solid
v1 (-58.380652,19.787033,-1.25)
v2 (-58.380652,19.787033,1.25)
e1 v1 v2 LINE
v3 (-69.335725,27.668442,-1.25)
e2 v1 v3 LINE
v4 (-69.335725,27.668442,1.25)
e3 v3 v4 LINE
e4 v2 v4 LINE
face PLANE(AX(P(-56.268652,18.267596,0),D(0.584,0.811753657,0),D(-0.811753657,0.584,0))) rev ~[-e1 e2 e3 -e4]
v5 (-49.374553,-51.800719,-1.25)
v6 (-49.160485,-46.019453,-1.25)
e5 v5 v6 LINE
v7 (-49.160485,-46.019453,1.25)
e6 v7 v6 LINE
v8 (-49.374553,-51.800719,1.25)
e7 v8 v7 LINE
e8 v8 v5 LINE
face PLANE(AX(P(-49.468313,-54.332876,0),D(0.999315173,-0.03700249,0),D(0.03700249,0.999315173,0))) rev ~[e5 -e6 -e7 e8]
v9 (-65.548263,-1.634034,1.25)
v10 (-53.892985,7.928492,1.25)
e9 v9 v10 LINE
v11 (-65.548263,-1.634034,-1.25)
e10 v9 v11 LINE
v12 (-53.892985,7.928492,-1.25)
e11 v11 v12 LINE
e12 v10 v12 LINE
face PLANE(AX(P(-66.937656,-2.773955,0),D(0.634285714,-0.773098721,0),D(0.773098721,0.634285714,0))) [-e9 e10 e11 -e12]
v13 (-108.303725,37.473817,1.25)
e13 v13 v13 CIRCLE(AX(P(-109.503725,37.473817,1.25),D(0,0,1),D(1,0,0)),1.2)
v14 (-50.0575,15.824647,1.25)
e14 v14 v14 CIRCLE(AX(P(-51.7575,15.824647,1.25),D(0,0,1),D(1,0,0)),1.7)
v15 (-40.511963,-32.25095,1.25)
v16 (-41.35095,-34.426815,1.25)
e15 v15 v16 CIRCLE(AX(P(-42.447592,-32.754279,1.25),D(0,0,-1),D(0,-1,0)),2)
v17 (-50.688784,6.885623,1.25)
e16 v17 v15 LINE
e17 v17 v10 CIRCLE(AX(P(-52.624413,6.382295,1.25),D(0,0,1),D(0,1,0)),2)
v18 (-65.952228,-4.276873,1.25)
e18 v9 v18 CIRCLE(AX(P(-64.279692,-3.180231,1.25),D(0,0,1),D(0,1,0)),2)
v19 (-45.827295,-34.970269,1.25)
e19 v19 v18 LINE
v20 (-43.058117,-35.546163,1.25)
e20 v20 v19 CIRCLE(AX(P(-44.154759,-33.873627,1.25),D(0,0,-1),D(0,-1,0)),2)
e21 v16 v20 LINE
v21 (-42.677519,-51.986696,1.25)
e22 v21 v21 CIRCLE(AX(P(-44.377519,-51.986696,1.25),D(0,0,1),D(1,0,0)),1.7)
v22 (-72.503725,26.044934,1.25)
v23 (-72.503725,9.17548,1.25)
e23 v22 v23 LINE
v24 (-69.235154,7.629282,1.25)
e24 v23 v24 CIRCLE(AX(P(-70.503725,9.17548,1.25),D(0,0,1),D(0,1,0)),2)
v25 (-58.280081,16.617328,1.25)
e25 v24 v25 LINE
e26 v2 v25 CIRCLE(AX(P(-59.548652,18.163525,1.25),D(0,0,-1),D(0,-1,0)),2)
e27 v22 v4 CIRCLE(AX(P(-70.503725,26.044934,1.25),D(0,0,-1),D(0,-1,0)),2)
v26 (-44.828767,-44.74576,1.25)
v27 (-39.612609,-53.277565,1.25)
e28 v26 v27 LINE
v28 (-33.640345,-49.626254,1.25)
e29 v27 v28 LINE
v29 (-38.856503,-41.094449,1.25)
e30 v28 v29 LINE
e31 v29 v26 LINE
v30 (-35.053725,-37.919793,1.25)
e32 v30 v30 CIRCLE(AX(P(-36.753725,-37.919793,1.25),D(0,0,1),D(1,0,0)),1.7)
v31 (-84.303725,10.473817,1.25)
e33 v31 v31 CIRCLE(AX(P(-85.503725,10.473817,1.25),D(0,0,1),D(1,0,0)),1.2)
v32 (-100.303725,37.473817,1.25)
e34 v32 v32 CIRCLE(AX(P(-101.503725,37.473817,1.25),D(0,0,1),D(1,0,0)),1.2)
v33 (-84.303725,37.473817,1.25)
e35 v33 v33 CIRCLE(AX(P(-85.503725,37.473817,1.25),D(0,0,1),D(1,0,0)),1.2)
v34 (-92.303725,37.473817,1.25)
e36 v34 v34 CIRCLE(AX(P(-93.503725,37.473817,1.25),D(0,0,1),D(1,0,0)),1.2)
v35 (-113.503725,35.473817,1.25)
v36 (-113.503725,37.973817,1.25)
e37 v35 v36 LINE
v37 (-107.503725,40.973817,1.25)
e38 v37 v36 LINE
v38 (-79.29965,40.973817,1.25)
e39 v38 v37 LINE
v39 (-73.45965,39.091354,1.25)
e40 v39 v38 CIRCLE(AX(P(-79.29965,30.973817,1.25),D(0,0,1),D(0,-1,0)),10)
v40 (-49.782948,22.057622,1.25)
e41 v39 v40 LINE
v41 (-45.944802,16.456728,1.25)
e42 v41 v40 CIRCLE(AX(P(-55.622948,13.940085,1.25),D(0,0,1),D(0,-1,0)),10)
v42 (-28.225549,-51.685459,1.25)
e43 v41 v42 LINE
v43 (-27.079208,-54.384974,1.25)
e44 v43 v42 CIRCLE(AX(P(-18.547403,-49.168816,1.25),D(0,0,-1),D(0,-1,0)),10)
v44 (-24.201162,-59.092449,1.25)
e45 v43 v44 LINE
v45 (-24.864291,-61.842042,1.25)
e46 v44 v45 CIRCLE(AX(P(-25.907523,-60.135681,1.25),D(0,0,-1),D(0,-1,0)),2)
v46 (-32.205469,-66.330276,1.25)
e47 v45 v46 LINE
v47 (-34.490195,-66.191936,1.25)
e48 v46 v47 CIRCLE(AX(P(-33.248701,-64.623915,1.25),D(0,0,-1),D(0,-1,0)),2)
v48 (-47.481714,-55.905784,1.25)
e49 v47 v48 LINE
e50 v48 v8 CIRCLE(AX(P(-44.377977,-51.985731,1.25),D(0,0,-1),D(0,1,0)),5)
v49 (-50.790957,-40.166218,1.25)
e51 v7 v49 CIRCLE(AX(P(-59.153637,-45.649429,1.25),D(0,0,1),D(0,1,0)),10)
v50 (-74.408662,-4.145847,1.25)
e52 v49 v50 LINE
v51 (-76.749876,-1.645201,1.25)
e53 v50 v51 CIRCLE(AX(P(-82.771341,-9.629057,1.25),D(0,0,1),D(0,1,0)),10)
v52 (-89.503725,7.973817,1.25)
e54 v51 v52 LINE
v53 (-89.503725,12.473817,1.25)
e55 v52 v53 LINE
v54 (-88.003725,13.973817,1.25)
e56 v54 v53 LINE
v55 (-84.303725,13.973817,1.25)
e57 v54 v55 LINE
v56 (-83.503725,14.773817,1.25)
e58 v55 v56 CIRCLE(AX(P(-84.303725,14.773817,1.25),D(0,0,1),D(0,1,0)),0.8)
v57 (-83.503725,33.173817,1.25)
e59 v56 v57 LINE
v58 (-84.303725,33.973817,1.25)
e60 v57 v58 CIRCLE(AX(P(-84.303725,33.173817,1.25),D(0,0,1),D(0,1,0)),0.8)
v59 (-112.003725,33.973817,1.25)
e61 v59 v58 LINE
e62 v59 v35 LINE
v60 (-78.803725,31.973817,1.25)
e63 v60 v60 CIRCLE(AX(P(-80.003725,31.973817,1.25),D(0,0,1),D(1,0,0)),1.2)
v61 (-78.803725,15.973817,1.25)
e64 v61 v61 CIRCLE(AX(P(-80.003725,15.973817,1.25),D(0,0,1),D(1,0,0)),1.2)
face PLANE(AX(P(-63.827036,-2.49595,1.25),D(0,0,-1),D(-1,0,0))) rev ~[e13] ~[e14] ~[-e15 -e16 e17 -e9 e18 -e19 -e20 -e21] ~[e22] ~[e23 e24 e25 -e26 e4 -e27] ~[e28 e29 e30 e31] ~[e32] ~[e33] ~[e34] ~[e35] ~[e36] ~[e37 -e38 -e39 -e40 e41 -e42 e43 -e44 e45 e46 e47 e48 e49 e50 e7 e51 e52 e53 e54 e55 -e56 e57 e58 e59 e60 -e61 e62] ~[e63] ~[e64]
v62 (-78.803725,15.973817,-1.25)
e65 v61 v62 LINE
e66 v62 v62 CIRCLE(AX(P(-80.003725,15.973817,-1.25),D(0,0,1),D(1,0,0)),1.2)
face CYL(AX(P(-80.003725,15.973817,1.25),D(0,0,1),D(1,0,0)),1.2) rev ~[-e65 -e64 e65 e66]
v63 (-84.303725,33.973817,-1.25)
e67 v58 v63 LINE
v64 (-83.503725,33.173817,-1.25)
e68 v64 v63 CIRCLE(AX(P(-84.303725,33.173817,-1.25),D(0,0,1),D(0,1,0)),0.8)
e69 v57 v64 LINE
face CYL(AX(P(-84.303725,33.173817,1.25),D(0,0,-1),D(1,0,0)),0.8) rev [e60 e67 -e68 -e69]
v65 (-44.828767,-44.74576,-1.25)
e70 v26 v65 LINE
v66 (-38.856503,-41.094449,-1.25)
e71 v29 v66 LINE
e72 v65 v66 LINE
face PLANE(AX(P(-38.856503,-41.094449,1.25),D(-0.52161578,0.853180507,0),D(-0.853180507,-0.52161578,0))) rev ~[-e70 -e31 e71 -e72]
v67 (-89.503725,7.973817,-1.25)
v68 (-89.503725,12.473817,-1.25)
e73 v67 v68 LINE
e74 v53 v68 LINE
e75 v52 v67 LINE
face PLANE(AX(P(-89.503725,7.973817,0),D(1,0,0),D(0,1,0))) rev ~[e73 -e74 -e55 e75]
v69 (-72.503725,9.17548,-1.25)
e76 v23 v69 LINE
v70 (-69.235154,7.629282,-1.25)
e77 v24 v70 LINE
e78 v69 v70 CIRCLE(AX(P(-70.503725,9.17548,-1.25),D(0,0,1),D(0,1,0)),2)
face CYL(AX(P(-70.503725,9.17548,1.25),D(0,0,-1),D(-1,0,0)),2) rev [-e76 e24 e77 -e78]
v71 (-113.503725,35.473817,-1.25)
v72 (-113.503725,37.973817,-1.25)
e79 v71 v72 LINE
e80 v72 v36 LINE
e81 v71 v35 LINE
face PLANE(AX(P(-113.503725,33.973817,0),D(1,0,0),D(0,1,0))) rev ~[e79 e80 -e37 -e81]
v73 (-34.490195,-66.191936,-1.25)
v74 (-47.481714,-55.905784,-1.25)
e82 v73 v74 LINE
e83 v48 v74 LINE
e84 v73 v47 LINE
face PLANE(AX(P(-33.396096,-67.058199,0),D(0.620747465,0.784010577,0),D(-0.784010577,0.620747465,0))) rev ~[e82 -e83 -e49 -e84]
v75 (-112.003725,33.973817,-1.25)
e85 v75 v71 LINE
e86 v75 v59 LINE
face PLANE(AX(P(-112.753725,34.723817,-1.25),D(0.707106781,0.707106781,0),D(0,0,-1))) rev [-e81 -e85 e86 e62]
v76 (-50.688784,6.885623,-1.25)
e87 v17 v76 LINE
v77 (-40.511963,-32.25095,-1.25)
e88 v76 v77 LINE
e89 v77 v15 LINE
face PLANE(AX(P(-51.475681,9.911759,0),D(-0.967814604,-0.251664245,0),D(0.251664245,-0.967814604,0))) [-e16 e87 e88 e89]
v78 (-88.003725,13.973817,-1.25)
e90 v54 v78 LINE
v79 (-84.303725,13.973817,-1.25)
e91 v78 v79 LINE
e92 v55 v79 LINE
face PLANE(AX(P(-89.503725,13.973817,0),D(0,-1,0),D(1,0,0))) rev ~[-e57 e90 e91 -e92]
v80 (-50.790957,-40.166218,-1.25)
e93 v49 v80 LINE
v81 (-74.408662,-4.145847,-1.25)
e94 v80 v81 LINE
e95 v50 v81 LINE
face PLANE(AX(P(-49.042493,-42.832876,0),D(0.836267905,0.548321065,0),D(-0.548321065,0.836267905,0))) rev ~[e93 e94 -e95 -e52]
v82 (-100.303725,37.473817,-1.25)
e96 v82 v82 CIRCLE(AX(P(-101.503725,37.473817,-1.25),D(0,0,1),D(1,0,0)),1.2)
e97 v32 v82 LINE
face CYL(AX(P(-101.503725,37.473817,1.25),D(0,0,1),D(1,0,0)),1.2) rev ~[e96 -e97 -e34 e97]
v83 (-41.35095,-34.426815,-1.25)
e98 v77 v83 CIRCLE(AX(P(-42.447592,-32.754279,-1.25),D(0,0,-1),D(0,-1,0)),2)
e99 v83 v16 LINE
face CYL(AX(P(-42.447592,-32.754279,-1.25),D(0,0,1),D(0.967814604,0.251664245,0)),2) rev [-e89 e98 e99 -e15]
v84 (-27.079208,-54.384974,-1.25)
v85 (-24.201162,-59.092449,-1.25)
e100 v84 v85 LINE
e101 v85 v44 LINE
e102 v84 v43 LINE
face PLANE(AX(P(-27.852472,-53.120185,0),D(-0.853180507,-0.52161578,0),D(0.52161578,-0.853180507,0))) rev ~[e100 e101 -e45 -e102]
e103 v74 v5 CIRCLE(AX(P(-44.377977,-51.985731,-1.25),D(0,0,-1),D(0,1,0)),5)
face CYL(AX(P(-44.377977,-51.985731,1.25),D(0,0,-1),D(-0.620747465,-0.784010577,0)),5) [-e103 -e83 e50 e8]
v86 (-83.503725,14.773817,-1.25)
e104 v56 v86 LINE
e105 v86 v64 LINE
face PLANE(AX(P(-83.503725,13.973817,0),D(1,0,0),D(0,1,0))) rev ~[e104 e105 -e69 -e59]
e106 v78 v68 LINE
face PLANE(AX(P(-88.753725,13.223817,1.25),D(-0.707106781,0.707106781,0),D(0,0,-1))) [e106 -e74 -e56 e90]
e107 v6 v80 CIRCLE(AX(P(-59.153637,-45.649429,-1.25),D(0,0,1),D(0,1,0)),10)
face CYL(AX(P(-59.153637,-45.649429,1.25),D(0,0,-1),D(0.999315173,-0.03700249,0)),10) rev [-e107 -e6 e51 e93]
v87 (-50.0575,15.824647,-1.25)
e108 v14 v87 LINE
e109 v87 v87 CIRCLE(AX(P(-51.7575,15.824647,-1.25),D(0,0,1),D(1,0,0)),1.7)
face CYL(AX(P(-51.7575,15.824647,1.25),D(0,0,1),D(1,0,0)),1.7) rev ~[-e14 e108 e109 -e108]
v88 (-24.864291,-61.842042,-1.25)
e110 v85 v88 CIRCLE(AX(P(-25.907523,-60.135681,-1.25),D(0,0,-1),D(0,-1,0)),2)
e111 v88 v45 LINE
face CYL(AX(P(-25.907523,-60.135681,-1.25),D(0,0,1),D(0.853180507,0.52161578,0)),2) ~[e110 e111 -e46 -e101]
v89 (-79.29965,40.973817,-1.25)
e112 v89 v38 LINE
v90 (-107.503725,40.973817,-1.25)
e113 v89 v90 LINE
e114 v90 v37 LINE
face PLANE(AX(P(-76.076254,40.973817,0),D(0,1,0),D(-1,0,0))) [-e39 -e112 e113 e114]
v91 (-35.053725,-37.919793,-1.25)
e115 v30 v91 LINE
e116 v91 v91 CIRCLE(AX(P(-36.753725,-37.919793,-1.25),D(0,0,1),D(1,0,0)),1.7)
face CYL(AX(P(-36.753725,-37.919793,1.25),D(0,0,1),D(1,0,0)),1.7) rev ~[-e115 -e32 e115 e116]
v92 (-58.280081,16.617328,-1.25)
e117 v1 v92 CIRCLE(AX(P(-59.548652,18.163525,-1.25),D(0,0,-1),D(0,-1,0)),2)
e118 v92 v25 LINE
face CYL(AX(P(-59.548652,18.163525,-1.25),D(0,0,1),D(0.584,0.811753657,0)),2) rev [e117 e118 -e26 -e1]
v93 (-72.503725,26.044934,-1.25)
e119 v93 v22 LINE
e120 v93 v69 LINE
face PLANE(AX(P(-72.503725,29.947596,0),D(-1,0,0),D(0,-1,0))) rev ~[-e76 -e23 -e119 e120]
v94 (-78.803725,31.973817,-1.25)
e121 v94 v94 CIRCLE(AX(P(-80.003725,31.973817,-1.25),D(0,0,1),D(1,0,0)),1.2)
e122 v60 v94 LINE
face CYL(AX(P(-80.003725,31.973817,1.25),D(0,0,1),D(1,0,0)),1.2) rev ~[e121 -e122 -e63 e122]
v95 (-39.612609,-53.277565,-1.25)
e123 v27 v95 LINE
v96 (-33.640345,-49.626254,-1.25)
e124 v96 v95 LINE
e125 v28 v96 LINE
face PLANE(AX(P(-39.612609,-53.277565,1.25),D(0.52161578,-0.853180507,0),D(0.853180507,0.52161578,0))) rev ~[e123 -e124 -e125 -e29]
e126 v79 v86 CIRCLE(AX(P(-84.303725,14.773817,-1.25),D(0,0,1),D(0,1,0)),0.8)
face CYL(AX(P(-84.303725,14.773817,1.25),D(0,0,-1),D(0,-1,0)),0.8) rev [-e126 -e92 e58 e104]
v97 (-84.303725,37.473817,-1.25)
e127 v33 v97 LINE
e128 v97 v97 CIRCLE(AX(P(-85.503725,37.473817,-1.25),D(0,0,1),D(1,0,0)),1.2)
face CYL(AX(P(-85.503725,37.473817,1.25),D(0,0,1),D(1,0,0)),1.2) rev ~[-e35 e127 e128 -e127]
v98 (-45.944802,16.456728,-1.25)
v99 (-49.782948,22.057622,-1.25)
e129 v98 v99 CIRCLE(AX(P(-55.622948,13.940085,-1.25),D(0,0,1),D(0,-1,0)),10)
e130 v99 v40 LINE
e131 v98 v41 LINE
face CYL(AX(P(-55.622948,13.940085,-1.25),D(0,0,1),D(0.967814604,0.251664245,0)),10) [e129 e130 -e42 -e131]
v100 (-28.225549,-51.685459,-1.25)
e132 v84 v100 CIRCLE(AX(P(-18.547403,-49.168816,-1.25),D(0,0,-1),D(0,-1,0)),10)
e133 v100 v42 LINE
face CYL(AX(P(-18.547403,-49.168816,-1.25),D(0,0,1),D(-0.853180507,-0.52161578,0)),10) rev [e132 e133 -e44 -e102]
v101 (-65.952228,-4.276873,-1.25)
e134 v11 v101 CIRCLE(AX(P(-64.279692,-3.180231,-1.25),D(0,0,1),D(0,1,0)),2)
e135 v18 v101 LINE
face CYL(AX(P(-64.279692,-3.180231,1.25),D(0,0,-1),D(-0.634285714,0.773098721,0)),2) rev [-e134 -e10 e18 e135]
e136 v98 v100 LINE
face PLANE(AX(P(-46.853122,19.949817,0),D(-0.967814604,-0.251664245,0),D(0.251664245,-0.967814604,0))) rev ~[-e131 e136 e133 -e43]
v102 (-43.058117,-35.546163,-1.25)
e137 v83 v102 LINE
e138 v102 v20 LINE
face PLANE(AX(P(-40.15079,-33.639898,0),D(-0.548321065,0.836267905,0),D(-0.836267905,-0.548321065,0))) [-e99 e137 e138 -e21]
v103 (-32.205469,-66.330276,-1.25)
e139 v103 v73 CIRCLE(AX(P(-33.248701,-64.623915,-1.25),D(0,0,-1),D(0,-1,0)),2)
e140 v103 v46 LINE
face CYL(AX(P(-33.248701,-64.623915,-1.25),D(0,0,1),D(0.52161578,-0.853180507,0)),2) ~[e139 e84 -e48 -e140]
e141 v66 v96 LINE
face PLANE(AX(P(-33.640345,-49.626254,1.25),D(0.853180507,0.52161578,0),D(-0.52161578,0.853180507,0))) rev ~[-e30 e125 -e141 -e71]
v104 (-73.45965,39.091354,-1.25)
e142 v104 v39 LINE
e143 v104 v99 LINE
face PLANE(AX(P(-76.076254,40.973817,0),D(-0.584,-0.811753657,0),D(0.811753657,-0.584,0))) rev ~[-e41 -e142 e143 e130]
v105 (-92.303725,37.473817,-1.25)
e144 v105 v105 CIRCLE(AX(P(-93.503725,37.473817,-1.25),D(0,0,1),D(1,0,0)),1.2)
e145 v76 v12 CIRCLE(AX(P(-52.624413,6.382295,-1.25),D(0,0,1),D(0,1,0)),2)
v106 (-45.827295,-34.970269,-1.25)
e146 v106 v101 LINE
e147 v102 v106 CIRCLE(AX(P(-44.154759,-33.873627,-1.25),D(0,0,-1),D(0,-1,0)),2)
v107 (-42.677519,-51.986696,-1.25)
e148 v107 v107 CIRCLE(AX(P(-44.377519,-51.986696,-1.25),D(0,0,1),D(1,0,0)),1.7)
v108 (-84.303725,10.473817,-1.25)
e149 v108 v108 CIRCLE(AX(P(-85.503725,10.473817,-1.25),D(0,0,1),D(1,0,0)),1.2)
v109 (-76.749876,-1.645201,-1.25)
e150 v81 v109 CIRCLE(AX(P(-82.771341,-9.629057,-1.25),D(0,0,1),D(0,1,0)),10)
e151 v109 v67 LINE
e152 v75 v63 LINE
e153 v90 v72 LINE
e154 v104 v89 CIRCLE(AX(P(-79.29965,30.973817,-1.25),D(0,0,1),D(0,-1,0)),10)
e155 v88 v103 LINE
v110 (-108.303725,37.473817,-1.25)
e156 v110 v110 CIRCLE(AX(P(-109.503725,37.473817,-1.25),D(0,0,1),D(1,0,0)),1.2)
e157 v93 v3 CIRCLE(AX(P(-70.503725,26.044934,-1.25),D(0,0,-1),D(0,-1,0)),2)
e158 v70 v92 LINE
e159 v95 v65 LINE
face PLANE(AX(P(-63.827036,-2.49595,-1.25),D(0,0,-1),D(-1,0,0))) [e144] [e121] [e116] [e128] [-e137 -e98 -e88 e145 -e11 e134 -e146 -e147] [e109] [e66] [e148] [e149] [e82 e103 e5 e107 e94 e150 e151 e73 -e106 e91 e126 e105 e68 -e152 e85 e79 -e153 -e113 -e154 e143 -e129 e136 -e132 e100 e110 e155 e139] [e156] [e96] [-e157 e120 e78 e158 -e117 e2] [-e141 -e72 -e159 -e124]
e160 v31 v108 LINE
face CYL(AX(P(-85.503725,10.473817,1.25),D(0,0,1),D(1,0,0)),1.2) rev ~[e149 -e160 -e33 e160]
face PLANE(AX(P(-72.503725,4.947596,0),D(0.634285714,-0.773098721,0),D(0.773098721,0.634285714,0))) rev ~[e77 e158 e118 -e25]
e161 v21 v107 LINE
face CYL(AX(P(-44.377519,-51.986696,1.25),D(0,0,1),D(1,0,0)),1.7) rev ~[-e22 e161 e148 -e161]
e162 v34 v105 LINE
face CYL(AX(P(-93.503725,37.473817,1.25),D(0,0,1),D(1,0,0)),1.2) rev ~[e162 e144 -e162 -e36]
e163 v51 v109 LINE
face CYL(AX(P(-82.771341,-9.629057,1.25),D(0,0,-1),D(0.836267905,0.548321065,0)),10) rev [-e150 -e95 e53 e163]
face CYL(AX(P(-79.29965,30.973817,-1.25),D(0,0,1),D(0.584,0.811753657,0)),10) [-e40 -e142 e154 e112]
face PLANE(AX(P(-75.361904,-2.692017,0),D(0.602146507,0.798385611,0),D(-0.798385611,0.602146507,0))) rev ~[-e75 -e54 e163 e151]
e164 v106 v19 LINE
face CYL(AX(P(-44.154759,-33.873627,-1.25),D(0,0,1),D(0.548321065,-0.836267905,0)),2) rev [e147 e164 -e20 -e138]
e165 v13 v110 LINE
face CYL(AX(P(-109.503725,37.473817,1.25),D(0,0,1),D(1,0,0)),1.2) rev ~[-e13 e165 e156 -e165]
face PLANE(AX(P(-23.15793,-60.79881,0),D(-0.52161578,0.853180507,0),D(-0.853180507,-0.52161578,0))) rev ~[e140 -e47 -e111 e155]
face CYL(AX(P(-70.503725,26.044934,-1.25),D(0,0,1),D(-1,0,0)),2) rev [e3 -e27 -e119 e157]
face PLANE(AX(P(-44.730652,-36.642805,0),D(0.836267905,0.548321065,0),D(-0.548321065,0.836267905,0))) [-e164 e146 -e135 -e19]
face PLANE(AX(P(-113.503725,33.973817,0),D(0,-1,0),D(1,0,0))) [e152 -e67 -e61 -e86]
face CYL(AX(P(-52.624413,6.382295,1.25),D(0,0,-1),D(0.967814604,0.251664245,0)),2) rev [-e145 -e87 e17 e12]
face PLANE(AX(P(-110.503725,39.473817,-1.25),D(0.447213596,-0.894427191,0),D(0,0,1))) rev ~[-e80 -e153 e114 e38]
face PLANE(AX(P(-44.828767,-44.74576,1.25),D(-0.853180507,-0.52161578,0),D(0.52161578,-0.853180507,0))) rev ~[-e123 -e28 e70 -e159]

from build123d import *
from OCP.BRepFilletAPI import BRepFilletAPI_MakeFillet

# Parameters (mm, degrees)
SALIENTE_EXTRUIR1_DEPTH = 1.25
CHAFL_N1_SIZE           = 1.5
CHAFL_N2_SIZE           = 6
CHAFL_N2_SIZE2          = 3
REDONDEO1_R             = 2
REDONDEO2_R1            = 10
REDONDEO2_R2            = 5
REDONDEO3_R             = 0.8
CROQUIS6_R              = 1.2
CROQUIS6_R_2            = 1.7
CORTAR_EXTRUIR1_DEPTH   = 132.636209799


with BuildPart() as part:
    # Croquis5 → Saliente-Extruir1 (new, symmetric)
    with BuildSketch(Plane.XY):
        Polygon((-33.3960961, -67.058199354), (-49.468312924, -54.332876319), (-49.042492677, -42.832876319), (-75.361903804, -2.692016862), (-89.503725327, 7.973817187), (-89.503725327, 13.973817187), (-83.503725327, 13.973817187), (-83.503725327, 33.973817187), (-108.003725327, 33.973817187), (-113.503725327, 33.973817187), (-113.503725327, 40.973817187), (-83.503725327, 40.973817187), (-76.07625416, 40.973817187), (-46.8531225, 19.949817187), (-27.852472036, -53.120185426), (-23.157930014, -60.798809991), align=None)
        Polygon((-51.475681089, 9.911759166), (-40.150790084, -33.639898021), (-44.730652374, -36.642805286), (-66.937655512, -2.77395512), align=None, mode=Mode.SUBTRACT)
        Polygon((-72.503725327, 4.947596176), (-56.268652183, 18.267596176), (-72.503725327, 29.947596176), align=None, mode=Mode.SUBTRACT)
    extrude(amount=SALIENTE_EXTRUIR1_DEPTH, both=True)

    # Chaflán1
    chafl_n1_edges = [part.edges().sort_by_distance(p)[0] for p in [
        (-89.503725327, 13.973817187, 0),
        (-113.503725327, 33.973817187, 0),
    ]]
    chamfer(chafl_n1_edges, length=CHAFL_N1_SIZE)

    # Chaflán2
    chafl_n2_edges = [part.edges().sort_by_distance(p)[0] for p in [
        (-113.503725327, 40.973817187, 0),
    ]]
    chafl_n2_side = [part.faces().sort_by_distance(p)[0] for p in [
        (-94.789989743, 40.973817187, 0),
    ]]
    chamfer(chafl_n2_edges, length=CHAFL_N2_SIZE, length2=CHAFL_N2_SIZE2, reference=chafl_n2_side[0])

    # Redondeo1
    redondeo1_edges = [part.edges().sort_by_distance(p)[0] for p in [
        (-23.157930014, -60.798809991, 0),
        (-33.3960961, -67.058199354, 0),
        (-44.730652374, -36.642805286, 0),
        (-40.150790084, -33.639898021, 0),
        (-66.937655512, -2.77395512, 0),
        (-51.475681089, 9.911759166, 0),
        (-72.503725327, 4.947596176, 0),
        (-56.268652183, 18.267596176, 0),
        (-72.503725327, 29.947596176, 0),
    ]]
    fillet(redondeo1_edges, radius=REDONDEO1_R)

    # Redondeo2: one fillet with a radius per group of edges: ONE call of the kernel's fillet builder (fillet() takes one radius for all edges)
    redondeo2_edges_1 = [part.edges().sort_by_distance(p)[0] for p in [
        (-76.07625416, 40.973817187, 0),
        (-46.8531225, 19.949817187, 0),
        (-75.361903804, -2.692016862, 0),
        (-27.852472036, -53.120185426, 0),
        (-49.042492677, -42.832876319, 0),
    ]]
    redondeo2_edges_2 = [part.edges().sort_by_distance(p)[0] for p in [
        (-49.468312924, -54.332876319, 0),
    ]]
    redondeo2 = BRepFilletAPI_MakeFillet(part.part.solid().wrapped)
    for e in redondeo2_edges_1:
        redondeo2.Add(REDONDEO2_R1, e.wrapped)
    for e in redondeo2_edges_2:
        redondeo2.Add(REDONDEO2_R2, e.wrapped)
    add(Compound.cast(redondeo2.Shape()), mode=Mode.REPLACE)

    # Redondeo3
    redondeo3_edges = [part.edges().sort_by_distance(p)[0] for p in [
        (-83.503725327, 13.973817187, 0),
        (-83.503725327, 33.973817187, 0),
    ]]
    fillet(redondeo3_edges, radius=REDONDEO3_R)

    # Croquis6 → Cortar-Extruir1 (cut, through all)
    with BuildSketch(Plane.XY.offset(1.25)):
        with Locations((-80.003725327, 31.973817187)):
            Circle(CROQUIS6_R)
        with Locations((-80.003725327, 15.973817187)):
            Circle(CROQUIS6_R)
        with Locations((-85.503725327, 37.473817187)):
            Circle(CROQUIS6_R)
        with Locations((-93.503725327, 37.473817187)):
            Circle(CROQUIS6_R)
        with Locations((-101.503725327, 37.473817187)):
            Circle(CROQUIS6_R)
        with Locations((-109.503725327, 37.473817187)):
            Circle(CROQUIS6_R)
        with Locations((-85.503725327, 10.473817187)):
            Circle(CROQUIS6_R)
        with Locations((-51.75750024, 15.82464715)):
            Circle(CROQUIS6_R_2)
        with Locations((-36.753725327, -37.919792915)):
            Circle(CROQUIS6_R_2)
        with Locations((-44.377518673, -51.986696449)):
            Circle(CROQUIS6_R_2)
        Polygon((-39.612609009, -53.277564811), (-33.640345459, -49.626254349), (-38.856503262, -41.094449277), (-44.828766812, -44.745759739), align=None)
    extrude(amount=-CORTAR_EXTRUIR1_DEPTH, mode=Mode.SUBTRACT)


solid = part.part
